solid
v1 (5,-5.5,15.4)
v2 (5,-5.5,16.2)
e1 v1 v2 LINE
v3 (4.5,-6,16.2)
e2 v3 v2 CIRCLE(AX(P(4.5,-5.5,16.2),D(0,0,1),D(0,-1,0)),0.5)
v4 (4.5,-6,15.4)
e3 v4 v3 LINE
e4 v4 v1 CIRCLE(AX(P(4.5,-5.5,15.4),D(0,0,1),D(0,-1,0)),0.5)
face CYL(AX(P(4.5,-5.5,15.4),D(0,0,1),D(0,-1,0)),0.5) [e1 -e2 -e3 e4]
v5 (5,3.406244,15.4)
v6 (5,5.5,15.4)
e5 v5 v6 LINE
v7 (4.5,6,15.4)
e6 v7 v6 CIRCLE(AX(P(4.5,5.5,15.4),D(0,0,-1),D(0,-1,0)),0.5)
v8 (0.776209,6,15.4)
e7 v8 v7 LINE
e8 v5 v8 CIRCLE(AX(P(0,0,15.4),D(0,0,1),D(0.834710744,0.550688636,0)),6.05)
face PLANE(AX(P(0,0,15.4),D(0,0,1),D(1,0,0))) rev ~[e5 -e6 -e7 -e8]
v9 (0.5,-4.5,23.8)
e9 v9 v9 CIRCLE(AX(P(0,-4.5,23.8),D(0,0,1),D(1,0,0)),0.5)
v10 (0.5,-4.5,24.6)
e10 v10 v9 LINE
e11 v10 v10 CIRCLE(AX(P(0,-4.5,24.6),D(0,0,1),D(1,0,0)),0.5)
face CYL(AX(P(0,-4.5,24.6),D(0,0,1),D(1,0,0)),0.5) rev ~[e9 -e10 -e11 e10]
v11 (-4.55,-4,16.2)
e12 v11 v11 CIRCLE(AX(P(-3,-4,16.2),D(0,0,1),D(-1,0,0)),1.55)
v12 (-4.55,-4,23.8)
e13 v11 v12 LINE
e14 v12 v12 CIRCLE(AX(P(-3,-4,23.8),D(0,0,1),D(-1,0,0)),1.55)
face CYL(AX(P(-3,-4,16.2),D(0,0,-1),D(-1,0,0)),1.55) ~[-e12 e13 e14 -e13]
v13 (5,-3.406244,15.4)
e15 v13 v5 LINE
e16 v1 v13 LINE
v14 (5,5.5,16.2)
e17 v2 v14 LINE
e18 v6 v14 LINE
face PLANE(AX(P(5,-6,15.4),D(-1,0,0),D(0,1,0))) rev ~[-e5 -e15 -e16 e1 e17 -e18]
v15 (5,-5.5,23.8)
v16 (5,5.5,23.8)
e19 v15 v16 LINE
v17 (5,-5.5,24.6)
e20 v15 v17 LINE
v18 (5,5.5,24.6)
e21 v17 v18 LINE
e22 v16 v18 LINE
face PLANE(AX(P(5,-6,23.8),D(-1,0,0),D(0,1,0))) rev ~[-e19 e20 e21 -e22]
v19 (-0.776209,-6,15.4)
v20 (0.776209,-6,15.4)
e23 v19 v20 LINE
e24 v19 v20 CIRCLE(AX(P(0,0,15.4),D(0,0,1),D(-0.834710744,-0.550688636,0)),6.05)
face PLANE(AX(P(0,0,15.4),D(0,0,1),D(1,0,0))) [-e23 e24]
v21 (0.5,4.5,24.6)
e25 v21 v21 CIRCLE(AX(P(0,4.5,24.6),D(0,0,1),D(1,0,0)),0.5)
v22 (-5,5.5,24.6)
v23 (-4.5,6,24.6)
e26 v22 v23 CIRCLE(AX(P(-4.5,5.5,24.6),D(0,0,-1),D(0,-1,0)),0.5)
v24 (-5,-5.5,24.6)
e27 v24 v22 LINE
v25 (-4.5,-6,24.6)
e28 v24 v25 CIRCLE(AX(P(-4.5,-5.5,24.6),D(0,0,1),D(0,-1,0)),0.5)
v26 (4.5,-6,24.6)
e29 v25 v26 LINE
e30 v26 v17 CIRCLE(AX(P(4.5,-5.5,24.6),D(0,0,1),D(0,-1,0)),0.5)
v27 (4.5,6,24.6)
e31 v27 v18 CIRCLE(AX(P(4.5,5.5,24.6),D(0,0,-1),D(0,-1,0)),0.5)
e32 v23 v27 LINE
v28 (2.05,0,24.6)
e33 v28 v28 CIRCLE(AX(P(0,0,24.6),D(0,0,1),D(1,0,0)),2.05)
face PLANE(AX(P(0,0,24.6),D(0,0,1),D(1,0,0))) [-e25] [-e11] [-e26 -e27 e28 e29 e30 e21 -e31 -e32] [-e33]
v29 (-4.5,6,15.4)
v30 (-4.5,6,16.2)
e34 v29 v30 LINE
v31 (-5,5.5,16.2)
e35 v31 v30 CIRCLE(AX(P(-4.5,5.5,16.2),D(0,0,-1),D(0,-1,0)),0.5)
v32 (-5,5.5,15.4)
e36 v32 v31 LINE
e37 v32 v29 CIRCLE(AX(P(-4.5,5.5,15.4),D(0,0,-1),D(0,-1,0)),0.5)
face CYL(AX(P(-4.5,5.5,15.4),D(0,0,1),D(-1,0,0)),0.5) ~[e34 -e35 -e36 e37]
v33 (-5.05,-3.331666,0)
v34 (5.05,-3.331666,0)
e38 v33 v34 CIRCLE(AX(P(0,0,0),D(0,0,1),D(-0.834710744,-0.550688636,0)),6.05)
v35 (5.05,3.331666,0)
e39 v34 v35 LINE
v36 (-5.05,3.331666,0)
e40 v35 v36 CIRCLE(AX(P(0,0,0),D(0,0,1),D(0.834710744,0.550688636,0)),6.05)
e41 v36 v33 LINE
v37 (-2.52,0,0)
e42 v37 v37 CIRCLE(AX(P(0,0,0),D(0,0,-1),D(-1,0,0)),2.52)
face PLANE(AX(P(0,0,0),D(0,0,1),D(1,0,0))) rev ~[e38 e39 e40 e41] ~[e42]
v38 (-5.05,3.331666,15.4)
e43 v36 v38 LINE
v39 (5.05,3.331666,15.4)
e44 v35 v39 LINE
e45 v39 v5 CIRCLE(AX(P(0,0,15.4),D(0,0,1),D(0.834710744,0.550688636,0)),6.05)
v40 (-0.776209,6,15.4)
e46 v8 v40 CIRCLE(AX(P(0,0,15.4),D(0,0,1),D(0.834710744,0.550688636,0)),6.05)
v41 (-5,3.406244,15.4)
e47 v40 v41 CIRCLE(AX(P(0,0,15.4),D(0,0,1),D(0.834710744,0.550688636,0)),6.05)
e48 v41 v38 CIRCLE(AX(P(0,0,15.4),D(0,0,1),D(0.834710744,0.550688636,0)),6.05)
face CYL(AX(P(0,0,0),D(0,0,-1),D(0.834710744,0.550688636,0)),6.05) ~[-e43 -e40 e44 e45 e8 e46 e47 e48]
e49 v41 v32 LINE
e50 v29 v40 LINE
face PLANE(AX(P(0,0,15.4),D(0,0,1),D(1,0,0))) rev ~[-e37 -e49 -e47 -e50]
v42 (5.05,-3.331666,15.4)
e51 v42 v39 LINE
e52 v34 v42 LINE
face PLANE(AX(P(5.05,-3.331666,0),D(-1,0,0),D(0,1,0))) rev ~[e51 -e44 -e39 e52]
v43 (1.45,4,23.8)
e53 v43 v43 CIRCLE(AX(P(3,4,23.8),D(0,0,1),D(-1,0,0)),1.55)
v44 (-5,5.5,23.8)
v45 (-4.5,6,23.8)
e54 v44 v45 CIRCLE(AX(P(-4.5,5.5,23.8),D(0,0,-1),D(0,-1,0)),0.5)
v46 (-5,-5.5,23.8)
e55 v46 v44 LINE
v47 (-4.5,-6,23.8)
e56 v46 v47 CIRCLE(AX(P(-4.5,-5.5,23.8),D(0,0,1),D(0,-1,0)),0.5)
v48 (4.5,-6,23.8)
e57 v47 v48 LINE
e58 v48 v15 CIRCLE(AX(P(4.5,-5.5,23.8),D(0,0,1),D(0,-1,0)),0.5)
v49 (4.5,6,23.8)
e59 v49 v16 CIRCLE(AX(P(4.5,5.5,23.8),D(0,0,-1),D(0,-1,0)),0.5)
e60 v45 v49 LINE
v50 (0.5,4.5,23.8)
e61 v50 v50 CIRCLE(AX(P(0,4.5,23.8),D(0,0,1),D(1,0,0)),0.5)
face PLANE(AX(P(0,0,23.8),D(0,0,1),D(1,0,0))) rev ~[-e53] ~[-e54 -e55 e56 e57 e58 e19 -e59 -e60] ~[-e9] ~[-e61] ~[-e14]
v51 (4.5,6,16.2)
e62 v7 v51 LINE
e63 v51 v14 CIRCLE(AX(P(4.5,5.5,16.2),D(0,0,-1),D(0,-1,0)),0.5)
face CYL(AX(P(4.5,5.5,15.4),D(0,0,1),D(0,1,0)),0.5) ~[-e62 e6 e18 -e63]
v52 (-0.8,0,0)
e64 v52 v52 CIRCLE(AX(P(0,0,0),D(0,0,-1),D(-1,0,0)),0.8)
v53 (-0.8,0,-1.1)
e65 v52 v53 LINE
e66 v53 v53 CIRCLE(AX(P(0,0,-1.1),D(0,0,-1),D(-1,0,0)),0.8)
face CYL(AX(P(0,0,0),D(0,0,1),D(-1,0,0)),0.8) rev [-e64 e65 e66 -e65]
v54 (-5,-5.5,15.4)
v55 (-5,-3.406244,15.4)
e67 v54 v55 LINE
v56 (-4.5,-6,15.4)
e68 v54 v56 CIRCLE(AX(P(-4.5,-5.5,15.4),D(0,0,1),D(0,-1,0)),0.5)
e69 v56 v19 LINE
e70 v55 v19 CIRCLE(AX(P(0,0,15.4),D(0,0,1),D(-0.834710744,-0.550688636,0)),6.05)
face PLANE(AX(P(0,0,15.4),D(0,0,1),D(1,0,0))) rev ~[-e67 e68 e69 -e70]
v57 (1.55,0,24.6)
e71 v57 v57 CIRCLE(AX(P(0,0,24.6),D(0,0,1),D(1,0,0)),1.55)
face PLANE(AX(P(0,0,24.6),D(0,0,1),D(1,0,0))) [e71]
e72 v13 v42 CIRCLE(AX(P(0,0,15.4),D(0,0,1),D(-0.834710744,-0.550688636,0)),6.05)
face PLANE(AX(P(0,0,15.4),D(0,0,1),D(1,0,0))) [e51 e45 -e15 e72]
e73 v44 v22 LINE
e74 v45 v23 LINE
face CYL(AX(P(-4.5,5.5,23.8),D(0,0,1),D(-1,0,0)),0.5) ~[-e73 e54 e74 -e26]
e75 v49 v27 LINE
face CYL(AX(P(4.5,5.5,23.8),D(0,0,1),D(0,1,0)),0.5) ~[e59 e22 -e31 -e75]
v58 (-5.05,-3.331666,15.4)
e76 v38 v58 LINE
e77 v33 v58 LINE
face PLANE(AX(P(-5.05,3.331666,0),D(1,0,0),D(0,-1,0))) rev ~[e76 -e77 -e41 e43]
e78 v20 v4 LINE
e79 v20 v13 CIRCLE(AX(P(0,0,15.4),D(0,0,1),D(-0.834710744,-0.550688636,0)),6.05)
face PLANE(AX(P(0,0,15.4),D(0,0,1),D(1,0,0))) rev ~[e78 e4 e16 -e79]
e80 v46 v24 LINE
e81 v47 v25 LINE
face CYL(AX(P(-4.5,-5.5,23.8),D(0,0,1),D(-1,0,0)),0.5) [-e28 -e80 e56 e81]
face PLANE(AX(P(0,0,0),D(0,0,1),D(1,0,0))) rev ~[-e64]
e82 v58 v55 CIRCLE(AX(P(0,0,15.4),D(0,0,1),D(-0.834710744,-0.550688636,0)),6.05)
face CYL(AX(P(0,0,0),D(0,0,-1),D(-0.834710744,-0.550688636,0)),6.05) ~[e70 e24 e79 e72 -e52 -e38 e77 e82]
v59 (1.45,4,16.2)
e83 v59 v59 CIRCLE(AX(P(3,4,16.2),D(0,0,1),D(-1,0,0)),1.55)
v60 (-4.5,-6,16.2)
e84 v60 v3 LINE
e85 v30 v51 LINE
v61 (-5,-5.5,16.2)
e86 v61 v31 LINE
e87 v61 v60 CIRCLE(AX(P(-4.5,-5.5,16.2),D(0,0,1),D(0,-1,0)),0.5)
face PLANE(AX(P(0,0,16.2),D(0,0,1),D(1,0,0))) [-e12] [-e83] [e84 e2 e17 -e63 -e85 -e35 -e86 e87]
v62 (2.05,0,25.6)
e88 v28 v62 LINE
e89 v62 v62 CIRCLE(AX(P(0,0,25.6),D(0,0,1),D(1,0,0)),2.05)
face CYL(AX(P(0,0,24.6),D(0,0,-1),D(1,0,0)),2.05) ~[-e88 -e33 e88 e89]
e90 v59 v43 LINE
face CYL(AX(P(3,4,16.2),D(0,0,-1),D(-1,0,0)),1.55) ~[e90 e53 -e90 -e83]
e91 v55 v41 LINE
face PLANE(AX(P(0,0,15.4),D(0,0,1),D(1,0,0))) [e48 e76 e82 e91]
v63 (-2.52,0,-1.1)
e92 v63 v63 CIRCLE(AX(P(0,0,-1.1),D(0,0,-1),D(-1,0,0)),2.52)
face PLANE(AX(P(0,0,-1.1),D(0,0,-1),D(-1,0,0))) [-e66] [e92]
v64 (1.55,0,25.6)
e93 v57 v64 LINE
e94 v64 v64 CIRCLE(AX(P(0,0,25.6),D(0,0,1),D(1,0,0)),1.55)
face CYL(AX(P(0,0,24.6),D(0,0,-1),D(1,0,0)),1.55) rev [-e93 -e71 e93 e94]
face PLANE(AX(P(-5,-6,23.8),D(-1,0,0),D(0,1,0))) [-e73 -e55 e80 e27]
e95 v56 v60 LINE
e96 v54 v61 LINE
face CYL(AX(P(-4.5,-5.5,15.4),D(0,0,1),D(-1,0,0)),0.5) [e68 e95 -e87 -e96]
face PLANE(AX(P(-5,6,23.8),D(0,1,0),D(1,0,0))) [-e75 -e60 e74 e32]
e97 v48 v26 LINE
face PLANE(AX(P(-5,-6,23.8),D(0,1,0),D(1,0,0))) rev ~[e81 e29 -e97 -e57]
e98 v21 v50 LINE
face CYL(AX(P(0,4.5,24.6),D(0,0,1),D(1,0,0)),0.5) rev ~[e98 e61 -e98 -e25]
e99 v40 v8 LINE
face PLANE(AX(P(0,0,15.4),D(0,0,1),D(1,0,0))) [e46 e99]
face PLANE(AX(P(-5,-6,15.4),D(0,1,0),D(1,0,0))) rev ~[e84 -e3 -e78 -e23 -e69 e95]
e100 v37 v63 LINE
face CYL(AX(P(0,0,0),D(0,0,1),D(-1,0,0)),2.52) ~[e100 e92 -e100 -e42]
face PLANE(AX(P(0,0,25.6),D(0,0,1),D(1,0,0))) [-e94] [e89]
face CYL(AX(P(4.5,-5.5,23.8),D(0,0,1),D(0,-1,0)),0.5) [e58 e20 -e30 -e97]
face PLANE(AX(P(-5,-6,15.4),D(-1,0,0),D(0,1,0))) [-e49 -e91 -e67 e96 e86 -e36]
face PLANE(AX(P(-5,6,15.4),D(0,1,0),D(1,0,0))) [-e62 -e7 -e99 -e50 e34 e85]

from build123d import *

# Parameters (mm, degrees)
EXTRUDE_1_DEPTH     = 15.4
SKETCH_2_R          = 2.52
SKETCH_2_R_2        = 0.8
EXTRUDE_2_DEPTH     = 1.1
SKETCH_5_W          = 10
SKETCH_5_H          = 12
EXTRUDE_3_DEPTH     = 0.8
SKETCH_7_R          = 1.55
EXTRUDE_4_DEPTH     = 7.6
SKETCH_8_W          = 10
SKETCH_8_H          = 12
EXTRUDE_5_DEPTH     = 0.8
SKETCH_9_R          = 2.05
SKETCH_9_R_2        = 1.55
EXTRUDE_6_DEPTH     = 1
FILLET_1_R          = 0.5
CUT_EXTRUDE_1_REACH = 28.881
SKETCH_10_R         = 0.5


with BuildPart() as part:
    # Эскиз1 → Бобышка-Вытянуть1 (new body)
    with BuildSketch(Plane.XY):
        with BuildLine():
            Line((5.05, -3.33166625), (5.05, 3.33166625))
            ThreePointArc((5.05, 3.33166625), (0, 6.05), (-5.05, 3.33166625))
            Line((-5.05, 3.33166625), (-5.05, -3.33166625))
            ThreePointArc((-5.05, -3.33166625), (0, -6.05), (5.05, -3.33166625))
        make_face()
    extrude(amount=EXTRUDE_1_DEPTH)

    # Эскиз2 → Бобышка-Вытянуть2 (add)
    with BuildSketch(Plane(origin=(0, 0, 0), x_dir=(-1, 0, 0), z_dir=(0, 0, -1))):
        Circle(SKETCH_2_R)
        Circle(SKETCH_2_R_2, mode=Mode.SUBTRACT)
    extrude(amount=EXTRUDE_2_DEPTH)

    # Эскиз5 → Бобышка-Вытянуть3 (add)
    with BuildSketch(Plane.XY.offset(15.4)):
        Rectangle(SKETCH_5_W, SKETCH_5_H)
    extrude(amount=EXTRUDE_3_DEPTH)

    # Эскиз7 → Бобышка-Вытянуть4 (add)
    with BuildSketch(Plane.XY.offset(16.2)):
        with Locations(Location((3, 4, 0), (0, 0, 180))):
            Circle(SKETCH_7_R)
        with Locations(Location((-3, -4, 0), (0, 0, 180))):
            Circle(SKETCH_7_R)
    extrude(amount=EXTRUDE_4_DEPTH)

    # Эскиз8 → Бобышка-Вытянуть5 (add)
    with BuildSketch(Plane.XY.offset(23.8)):
        Rectangle(SKETCH_8_W, SKETCH_8_H)
    extrude(amount=EXTRUDE_5_DEPTH)

    # Эскиз9 → Бобышка-Вытянуть6 (add)
    with BuildSketch(Plane.XY.offset(24.6)):
        Circle(SKETCH_9_R)
        Circle(SKETCH_9_R_2, mode=Mode.SUBTRACT)
    extrude(amount=EXTRUDE_6_DEPTH)

    # Скругление1
    fillet_1_edges = [part.edges().sort_by_distance(p)[0] for p in [
        (-5, 6, 15.8),
        (-5, -6, 15.8),
        (5, -6, 15.8),
        (5, 6, 15.8),
        (5, 6, 24.2),
        (-5, 6, 24.2),
        (-5, -6, 24.2),
        (5, -6, 24.2),
    ]]
    fillet(fillet_1_edges, radius=FILLET_1_R)

    # Эскиз10 → Вырез-Вытянуть1 (cut, up to next)
    with BuildSketch(Plane.XY.offset(24.6), mode=Mode.PRIVATE) as cut_extrude_1_sk1:
        with Locations((0, -4.5)):
            Circle(SKETCH_10_R)
    cut_extrude_1_tool1 = extrude(cut_extrude_1_sk1.sketch, amount=-CUT_EXTRUDE_1_REACH, mode=Mode.PRIVATE) & part.part
    # Эскиз10 → Вырез-Вытянуть1 (cut, up to next)
    with BuildSketch(Plane.XY.offset(24.6), mode=Mode.PRIVATE) as cut_extrude_1_sk2:
        with Locations((0, 4.5)):
            Circle(SKETCH_10_R)
    cut_extrude_1_tool2 = extrude(cut_extrude_1_sk2.sketch, amount=-CUT_EXTRUDE_1_REACH, mode=Mode.PRIVATE) & part.part
    add(cut_extrude_1_tool1.solids().sort_by_distance((0, -4.5, 24.6))[0], mode=Mode.SUBTRACT)
    add(cut_extrude_1_tool2.solids().sort_by_distance((0, 4.5, 24.6))[0], mode=Mode.SUBTRACT)


solid = part.part
